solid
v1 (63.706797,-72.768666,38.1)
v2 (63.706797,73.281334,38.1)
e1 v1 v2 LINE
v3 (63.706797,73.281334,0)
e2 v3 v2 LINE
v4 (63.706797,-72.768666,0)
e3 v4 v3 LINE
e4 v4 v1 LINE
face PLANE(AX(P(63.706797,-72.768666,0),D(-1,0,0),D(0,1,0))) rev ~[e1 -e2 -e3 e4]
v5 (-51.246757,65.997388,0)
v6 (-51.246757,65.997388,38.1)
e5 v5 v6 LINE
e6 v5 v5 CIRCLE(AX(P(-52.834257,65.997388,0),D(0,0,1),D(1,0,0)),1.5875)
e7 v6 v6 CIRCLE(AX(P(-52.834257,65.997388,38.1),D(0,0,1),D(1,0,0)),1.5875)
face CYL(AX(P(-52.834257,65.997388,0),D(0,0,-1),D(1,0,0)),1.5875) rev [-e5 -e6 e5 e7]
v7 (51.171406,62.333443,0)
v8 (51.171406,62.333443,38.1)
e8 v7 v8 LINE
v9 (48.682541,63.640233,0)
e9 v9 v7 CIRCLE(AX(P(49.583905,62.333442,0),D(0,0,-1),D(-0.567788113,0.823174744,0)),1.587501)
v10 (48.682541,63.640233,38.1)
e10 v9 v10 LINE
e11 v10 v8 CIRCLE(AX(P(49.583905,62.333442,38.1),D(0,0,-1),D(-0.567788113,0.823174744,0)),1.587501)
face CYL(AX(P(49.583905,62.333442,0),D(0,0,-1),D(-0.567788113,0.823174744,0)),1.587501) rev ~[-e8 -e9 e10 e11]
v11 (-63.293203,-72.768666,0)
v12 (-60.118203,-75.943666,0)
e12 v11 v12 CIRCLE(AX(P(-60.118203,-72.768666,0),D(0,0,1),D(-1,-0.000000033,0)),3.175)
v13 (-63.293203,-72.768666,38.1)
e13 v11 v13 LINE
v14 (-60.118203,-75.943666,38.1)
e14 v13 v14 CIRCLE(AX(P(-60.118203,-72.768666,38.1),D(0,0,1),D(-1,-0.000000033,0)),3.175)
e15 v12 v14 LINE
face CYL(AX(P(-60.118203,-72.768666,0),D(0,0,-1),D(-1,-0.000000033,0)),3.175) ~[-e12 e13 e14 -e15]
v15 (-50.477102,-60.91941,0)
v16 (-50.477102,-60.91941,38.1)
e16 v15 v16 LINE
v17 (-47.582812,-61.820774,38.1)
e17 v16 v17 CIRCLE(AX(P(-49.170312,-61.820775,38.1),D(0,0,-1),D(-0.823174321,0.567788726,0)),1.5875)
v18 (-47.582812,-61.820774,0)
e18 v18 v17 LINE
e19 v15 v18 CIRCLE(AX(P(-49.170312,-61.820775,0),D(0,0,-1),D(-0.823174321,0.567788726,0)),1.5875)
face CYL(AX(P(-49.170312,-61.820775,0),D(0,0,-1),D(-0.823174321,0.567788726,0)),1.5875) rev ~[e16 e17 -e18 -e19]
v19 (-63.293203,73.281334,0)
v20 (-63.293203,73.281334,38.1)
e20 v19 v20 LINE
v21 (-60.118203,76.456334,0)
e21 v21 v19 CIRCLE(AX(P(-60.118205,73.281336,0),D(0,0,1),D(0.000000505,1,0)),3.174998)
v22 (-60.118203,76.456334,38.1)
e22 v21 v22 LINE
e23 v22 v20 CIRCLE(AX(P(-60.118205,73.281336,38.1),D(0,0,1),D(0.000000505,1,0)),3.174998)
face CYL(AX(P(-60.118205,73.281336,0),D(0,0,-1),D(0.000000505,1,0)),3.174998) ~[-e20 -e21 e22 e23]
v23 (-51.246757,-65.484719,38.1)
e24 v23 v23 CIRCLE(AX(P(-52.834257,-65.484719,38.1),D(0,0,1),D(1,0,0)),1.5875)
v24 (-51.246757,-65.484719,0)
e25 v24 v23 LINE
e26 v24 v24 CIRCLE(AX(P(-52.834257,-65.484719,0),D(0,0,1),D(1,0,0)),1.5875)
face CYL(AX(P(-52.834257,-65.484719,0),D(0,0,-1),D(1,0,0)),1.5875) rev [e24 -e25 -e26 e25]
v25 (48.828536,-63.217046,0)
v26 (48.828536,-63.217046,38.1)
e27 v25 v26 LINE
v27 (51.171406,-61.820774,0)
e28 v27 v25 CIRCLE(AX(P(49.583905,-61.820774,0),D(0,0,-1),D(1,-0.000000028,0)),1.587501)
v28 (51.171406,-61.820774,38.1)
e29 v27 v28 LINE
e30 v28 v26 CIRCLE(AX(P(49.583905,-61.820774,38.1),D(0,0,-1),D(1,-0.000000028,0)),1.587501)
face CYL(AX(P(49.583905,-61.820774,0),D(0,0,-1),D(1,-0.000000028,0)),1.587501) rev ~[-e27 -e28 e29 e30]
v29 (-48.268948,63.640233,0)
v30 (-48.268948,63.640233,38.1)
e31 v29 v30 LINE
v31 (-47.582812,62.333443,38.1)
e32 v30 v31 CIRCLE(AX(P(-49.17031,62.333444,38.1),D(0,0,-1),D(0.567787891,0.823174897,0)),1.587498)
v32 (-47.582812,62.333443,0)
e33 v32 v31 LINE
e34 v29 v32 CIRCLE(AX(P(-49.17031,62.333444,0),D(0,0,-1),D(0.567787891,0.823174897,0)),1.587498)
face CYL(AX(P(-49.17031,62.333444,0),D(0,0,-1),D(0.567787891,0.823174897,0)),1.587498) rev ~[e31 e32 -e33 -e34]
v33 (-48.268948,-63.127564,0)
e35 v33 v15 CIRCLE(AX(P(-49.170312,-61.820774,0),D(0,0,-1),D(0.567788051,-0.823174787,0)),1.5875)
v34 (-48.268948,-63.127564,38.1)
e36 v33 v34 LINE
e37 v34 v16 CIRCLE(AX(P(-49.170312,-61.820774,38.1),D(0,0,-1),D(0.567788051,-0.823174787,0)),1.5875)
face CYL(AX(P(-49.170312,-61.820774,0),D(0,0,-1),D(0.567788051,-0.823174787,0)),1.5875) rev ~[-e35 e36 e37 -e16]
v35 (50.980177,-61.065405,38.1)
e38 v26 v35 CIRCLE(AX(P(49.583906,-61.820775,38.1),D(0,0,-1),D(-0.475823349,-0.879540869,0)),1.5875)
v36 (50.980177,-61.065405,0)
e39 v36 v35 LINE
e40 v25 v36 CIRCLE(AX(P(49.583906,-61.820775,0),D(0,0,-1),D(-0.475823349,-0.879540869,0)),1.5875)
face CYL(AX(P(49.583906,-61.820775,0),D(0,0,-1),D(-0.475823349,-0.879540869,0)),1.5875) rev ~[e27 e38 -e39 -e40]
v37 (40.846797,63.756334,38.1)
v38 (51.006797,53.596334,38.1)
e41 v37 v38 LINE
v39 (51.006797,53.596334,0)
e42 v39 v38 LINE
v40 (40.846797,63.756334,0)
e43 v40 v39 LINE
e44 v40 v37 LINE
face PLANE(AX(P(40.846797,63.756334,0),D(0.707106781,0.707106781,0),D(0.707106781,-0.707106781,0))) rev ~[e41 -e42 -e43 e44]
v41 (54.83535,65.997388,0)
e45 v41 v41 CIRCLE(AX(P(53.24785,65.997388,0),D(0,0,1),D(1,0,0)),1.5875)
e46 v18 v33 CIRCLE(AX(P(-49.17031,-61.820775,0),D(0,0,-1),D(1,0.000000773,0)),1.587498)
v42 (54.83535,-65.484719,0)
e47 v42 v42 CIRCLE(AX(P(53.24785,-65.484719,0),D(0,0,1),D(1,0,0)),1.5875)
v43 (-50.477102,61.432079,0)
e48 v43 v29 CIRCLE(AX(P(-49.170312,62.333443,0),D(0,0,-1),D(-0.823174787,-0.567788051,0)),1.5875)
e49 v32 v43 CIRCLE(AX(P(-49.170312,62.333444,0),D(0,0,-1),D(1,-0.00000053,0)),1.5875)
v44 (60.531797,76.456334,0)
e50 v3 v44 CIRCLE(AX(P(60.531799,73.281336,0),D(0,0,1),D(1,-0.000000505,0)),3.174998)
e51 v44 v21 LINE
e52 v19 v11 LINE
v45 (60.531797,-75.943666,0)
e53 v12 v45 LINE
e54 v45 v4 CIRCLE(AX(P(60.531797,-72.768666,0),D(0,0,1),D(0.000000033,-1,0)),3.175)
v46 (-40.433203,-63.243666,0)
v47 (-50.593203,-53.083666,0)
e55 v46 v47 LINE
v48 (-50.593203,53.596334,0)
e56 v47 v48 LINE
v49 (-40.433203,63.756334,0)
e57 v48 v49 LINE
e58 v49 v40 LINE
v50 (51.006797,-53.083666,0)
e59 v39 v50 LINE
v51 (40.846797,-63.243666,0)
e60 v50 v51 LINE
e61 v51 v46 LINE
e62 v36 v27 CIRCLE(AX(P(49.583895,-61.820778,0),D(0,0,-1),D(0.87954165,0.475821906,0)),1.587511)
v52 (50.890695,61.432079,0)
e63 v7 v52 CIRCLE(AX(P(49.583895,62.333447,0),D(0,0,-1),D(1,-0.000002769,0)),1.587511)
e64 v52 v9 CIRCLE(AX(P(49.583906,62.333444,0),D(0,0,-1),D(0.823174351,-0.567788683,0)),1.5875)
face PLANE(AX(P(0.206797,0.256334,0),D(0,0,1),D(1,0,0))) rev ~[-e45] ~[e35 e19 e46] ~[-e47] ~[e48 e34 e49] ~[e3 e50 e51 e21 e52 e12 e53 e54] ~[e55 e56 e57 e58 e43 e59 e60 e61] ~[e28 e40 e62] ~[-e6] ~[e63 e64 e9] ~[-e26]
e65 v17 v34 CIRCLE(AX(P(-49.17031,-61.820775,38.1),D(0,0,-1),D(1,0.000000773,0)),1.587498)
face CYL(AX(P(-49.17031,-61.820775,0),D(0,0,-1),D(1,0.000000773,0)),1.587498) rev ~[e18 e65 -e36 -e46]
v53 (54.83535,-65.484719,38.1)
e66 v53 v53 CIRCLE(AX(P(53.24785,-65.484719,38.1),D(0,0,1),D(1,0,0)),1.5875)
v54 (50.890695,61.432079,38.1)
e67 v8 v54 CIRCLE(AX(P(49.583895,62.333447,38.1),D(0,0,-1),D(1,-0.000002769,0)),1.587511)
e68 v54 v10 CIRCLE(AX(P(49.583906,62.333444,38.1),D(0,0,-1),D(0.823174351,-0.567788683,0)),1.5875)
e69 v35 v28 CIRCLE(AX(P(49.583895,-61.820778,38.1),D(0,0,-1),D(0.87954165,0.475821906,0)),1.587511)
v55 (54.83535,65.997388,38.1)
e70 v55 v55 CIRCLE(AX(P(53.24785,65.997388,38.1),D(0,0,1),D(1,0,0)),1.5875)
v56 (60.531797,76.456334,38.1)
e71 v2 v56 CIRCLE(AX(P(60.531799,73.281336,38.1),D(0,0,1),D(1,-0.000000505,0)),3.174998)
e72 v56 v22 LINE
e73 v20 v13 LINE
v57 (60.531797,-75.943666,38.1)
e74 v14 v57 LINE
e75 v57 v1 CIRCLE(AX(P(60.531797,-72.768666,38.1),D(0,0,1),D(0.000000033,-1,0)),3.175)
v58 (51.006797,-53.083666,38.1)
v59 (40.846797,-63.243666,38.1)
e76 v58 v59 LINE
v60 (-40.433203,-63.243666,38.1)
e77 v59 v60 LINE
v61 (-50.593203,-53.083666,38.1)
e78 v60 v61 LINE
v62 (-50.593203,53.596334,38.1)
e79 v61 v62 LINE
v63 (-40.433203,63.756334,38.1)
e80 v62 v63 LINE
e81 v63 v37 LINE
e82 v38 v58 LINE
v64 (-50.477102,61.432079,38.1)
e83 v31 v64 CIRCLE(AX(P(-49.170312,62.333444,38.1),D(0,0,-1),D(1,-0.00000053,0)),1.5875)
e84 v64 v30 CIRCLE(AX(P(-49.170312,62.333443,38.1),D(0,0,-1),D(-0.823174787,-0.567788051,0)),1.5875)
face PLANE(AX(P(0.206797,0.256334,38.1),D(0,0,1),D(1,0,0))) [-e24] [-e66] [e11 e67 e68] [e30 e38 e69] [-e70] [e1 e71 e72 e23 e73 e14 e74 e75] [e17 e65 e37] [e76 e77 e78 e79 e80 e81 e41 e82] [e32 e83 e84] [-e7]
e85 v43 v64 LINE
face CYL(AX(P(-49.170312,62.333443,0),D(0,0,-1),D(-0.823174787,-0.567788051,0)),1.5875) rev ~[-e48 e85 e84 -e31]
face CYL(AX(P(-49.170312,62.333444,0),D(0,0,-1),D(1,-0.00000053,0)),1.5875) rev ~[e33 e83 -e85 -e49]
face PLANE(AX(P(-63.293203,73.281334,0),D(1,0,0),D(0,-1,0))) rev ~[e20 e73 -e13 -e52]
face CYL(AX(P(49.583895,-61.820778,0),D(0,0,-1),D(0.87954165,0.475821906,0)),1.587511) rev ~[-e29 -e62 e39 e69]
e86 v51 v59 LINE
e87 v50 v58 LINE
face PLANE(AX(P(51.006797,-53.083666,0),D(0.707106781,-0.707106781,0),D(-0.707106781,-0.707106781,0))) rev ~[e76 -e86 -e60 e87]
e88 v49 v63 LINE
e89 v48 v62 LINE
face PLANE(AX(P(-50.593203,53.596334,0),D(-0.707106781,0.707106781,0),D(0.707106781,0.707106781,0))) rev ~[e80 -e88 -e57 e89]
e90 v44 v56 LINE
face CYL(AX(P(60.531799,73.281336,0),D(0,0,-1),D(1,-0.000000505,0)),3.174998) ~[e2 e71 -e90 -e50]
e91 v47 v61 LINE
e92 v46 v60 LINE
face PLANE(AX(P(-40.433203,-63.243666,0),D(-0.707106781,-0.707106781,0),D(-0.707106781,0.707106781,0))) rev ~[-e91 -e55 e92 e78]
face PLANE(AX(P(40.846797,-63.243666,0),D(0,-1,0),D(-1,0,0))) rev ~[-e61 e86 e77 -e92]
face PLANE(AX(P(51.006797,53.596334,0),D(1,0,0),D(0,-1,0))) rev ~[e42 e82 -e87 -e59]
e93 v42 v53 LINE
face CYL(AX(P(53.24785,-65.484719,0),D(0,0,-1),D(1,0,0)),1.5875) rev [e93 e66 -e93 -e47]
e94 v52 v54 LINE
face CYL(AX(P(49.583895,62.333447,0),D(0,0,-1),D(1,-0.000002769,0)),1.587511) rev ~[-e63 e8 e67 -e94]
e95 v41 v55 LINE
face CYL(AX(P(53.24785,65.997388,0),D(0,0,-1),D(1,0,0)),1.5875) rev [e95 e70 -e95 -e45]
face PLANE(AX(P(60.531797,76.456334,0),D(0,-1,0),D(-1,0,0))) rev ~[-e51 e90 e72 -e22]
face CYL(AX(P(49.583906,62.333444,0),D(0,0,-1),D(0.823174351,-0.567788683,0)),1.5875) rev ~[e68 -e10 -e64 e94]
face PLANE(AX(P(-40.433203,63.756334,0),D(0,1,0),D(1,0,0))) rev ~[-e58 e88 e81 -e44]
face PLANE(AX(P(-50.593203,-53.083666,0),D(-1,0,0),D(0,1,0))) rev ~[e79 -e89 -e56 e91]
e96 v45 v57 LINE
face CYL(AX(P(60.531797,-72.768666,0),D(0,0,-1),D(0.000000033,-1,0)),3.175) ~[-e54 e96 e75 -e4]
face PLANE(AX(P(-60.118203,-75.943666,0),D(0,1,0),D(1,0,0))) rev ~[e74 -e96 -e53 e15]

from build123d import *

# Parameters (mm, degrees)
F0_R     = 1.5875
F1_DEPTH = 38.1


with BuildPart() as f1:
    # F0 (on Top) → F1 (new body)
    with BuildSketch(Plane.XY):
        with BuildLine():
            Line((60.531797, 76.456334), (-60.118203, 76.456334))
            ThreePointArc((-60.118203, 76.456334), (-62.363267, 75.526399), (-63.293203, 73.281334))
            Line((-63.293203, 73.281334), (-63.293203, -72.768666))
            ThreePointArc((-63.293203, -72.768666), (-62.363267, -75.01373), (-60.118203, -75.943666))
            Line((-60.118203, -75.943666), (60.531797, -75.943666))
            ThreePointArc((60.531797, -75.943666), (62.776861, -75.01373), (63.706797, -72.768666))
            Line((63.706797, -72.768666), (63.706797, 73.281334))
            ThreePointArc((63.706797, 73.281334), (62.776861, 75.526399), (60.531797, 76.456334))
        make_face()
        with BuildLine():
            ThreePointArc((-56.943203, 66.931334), (-56.013267, 69.176399), (-53.768203, 70.106334))
            Line((-53.768203, 70.106334), (54.181797, 70.106334))
            ThreePointArc((54.181797, 70.106334), (56.426861, 69.176399), (57.356797, 66.931334))
            Line((57.356797, 66.931334), (57.356797, -66.418666))
            ThreePointArc((57.356797, -66.418666), (56.426861, -68.66373), (54.181797, -69.593666))
            Line((54.181797, -69.593666), (-53.768203, -69.593666))
            ThreePointArc((-53.768203, -69.593666), (-56.013267, -68.66373), (-56.943203, -66.418666))
            Line((-56.943203, -66.418666), (-56.943203, 66.931334))
        make_face(mode=Mode.SUBTRACT)
        with BuildLine():
            Line((54.181797, 70.106334), (-53.768203, 70.106334))
            ThreePointArc((-53.768203, 70.106334), (-56.013267, 69.176399), (-56.943203, 66.931334))
            Line((-56.943203, 66.931334), (-56.943203, -66.418666))
            ThreePointArc((-56.943203, -66.418666), (-56.013267, -68.66373), (-53.768203, -69.593666))
            Line((-53.768203, -69.593666), (54.181797, -69.593666))
            ThreePointArc((54.181797, -69.593666), (56.426861, -68.66373), (57.356797, -66.418666))
            Line((57.356797, -66.418666), (57.356797, 66.931334))
            ThreePointArc((57.356797, 66.931334), (56.426861, 69.176399), (54.181797, 70.106334))
        make_face()
        with Locations((-52.834257, -65.484719)):
            Circle(F0_R, mode=Mode.SUBTRACT)
        with BuildLine():
            ThreePointArc((-48.268948, 63.640233), (-47.847518, 63.727175), (-47.418203, 63.756334))
            Line((-47.418203, 63.756334), (-40.433203, 63.756334))
            Line((-40.433203, 63.756334), (40.846797, 63.756334))
            Line((40.846797, 63.756334), (47.831797, 63.756334))
            ThreePointArc((47.831797, 63.756334), (48.261112, 63.727175), (48.682541, 63.640233))
            ThreePointArc((48.682541, 63.640233), (50.321889, 63.738981), (51.171406, 62.333443))
            ThreePointArc((51.171406, 62.333443), (51.099604, 61.861412), (50.890695, 61.432079))
            ThreePointArc((50.890695, 61.432079), (50.977637, 61.01065), (51.006797, 60.581334))
            Line((51.006797, 60.581334), (51.006797, 53.596334))
            Line((51.006797, 53.596334), (51.006797, -53.083666))
            Line((51.006797, -53.083666), (51.006797, -60.698242))
            ThreePointArc((51.006797, -60.698242), (51.000133, -60.882306), (50.980177, -61.065405))
            ThreePointArc((50.980177, -61.065405), (51.122856, -61.431175), (51.171406, -61.820774))
            ThreePointArc((51.171406, -61.820774), (50.39662, -63.184465), (48.828536, -63.217046))
            ThreePointArc((48.828536, -63.217046), (48.645437, -63.237002), (48.461374, -63.243666))
            Line((48.461374, -63.243666), (40.846797, -63.243666))
            Line((40.846797, -63.243666), (-40.433203, -63.243666))
            Line((-40.433203, -63.243666), (-47.418203, -63.243666))
            ThreePointArc((-47.418203, -63.243666), (-47.847518, -63.214506), (-48.268948, -63.127564))
            ThreePointArc((-48.268948, -63.127564), (-50.292844, -62.943306), (-50.477102, -60.91941))
            ThreePointArc((-50.477102, -60.91941), (-50.564044, -60.497981), (-50.593203, -60.068666))
            Line((-50.593203, -60.068666), (-50.593203, -53.083666))
            Line((-50.593203, -53.083666), (-50.593203, 53.596334))
            Line((-50.593203, 53.596334), (-50.593203, 60.581334))
            ThreePointArc((-50.593203, 60.581334), (-50.564044, 61.01065), (-50.477102, 61.432079))
            ThreePointArc((-50.477102, 61.432079), (-50.292844, 63.455975), (-48.268948, 63.640233))
        make_face(mode=Mode.SUBTRACT)
        with Locations((53.24785, -65.484719)):
            Circle(F0_R, mode=Mode.SUBTRACT)
        with Locations((-52.834257, 65.997388)):
            Circle(F0_R, mode=Mode.SUBTRACT)
        with Locations((53.24785, 65.997388)):
            Circle(F0_R, mode=Mode.SUBTRACT)
        with BuildLine():
            Line((-40.433203, 63.756334), (-47.418203, 63.756334))
            ThreePointArc((-47.418203, 63.756334), (-47.847518, 63.727175), (-48.268948, 63.640233))
            ThreePointArc((-48.268948, 63.640233), (-47.764774, 63.071427), (-47.582812, 62.333443))
            ThreePointArc((-47.582812, 62.333443), (-48.69828, 60.817745), (-50.477102, 61.432079))
            ThreePointArc((-50.477102, 61.432079), (-50.564044, 61.01065), (-50.593203, 60.581334))
            Line((-50.593203, 60.581334), (-50.593203, 53.596334))
            Line((-50.593203, 53.596334), (-40.433203, 63.756334))
        make_face()
        with BuildLine():
            Line((47.831797, 63.756334), (40.846797, 63.756334))
            Line((40.846797, 63.756334), (51.006797, 53.596334))
            Line((51.006797, 53.596334), (51.006797, 60.581334))
            ThreePointArc((51.006797, 60.581334), (50.977637, 61.01065), (50.890695, 61.432079))
            ThreePointArc((50.890695, 61.432079), (48.461374, 61.210911), (48.682541, 63.640233))
            ThreePointArc((48.682541, 63.640233), (48.261112, 63.727175), (47.831797, 63.756334))
        make_face()
        with BuildLine():
            Line((51.006797, -60.698242), (51.006797, -53.083666))
            Line((51.006797, -53.083666), (40.846797, -63.243666))
            Line((40.846797, -63.243666), (48.461374, -63.243666))
            ThreePointArc((48.461374, -63.243666), (48.645437, -63.237002), (48.828536, -63.217046))
            ThreePointArc((48.828536, -63.217046), (48.461374, -60.698242), (50.980177, -61.065405))
            ThreePointArc((50.980177, -61.065405), (51.000133, -60.882306), (51.006797, -60.698242))
        make_face()
        with BuildLine():
            Line((-40.433203, -63.243666), (-50.593203, -53.083666))
            Line((-50.593203, -53.083666), (-50.593203, -60.068666))
            ThreePointArc((-50.593203, -60.068666), (-50.564044, -60.497981), (-50.477102, -60.91941))
            ThreePointArc((-50.477102, -60.91941), (-48.69828, -60.305076), (-47.582812, -61.820774))
            ThreePointArc((-47.582812, -61.820774), (-47.764774, -62.558758), (-48.268948, -63.127564))
            ThreePointArc((-48.268948, -63.127564), (-47.847518, -63.214506), (-47.418203, -63.243666))
            Line((-47.418203, -63.243666), (-40.433203, -63.243666))
        make_face()
    extrude(amount=F1_DEPTH)


solid = f1.part
